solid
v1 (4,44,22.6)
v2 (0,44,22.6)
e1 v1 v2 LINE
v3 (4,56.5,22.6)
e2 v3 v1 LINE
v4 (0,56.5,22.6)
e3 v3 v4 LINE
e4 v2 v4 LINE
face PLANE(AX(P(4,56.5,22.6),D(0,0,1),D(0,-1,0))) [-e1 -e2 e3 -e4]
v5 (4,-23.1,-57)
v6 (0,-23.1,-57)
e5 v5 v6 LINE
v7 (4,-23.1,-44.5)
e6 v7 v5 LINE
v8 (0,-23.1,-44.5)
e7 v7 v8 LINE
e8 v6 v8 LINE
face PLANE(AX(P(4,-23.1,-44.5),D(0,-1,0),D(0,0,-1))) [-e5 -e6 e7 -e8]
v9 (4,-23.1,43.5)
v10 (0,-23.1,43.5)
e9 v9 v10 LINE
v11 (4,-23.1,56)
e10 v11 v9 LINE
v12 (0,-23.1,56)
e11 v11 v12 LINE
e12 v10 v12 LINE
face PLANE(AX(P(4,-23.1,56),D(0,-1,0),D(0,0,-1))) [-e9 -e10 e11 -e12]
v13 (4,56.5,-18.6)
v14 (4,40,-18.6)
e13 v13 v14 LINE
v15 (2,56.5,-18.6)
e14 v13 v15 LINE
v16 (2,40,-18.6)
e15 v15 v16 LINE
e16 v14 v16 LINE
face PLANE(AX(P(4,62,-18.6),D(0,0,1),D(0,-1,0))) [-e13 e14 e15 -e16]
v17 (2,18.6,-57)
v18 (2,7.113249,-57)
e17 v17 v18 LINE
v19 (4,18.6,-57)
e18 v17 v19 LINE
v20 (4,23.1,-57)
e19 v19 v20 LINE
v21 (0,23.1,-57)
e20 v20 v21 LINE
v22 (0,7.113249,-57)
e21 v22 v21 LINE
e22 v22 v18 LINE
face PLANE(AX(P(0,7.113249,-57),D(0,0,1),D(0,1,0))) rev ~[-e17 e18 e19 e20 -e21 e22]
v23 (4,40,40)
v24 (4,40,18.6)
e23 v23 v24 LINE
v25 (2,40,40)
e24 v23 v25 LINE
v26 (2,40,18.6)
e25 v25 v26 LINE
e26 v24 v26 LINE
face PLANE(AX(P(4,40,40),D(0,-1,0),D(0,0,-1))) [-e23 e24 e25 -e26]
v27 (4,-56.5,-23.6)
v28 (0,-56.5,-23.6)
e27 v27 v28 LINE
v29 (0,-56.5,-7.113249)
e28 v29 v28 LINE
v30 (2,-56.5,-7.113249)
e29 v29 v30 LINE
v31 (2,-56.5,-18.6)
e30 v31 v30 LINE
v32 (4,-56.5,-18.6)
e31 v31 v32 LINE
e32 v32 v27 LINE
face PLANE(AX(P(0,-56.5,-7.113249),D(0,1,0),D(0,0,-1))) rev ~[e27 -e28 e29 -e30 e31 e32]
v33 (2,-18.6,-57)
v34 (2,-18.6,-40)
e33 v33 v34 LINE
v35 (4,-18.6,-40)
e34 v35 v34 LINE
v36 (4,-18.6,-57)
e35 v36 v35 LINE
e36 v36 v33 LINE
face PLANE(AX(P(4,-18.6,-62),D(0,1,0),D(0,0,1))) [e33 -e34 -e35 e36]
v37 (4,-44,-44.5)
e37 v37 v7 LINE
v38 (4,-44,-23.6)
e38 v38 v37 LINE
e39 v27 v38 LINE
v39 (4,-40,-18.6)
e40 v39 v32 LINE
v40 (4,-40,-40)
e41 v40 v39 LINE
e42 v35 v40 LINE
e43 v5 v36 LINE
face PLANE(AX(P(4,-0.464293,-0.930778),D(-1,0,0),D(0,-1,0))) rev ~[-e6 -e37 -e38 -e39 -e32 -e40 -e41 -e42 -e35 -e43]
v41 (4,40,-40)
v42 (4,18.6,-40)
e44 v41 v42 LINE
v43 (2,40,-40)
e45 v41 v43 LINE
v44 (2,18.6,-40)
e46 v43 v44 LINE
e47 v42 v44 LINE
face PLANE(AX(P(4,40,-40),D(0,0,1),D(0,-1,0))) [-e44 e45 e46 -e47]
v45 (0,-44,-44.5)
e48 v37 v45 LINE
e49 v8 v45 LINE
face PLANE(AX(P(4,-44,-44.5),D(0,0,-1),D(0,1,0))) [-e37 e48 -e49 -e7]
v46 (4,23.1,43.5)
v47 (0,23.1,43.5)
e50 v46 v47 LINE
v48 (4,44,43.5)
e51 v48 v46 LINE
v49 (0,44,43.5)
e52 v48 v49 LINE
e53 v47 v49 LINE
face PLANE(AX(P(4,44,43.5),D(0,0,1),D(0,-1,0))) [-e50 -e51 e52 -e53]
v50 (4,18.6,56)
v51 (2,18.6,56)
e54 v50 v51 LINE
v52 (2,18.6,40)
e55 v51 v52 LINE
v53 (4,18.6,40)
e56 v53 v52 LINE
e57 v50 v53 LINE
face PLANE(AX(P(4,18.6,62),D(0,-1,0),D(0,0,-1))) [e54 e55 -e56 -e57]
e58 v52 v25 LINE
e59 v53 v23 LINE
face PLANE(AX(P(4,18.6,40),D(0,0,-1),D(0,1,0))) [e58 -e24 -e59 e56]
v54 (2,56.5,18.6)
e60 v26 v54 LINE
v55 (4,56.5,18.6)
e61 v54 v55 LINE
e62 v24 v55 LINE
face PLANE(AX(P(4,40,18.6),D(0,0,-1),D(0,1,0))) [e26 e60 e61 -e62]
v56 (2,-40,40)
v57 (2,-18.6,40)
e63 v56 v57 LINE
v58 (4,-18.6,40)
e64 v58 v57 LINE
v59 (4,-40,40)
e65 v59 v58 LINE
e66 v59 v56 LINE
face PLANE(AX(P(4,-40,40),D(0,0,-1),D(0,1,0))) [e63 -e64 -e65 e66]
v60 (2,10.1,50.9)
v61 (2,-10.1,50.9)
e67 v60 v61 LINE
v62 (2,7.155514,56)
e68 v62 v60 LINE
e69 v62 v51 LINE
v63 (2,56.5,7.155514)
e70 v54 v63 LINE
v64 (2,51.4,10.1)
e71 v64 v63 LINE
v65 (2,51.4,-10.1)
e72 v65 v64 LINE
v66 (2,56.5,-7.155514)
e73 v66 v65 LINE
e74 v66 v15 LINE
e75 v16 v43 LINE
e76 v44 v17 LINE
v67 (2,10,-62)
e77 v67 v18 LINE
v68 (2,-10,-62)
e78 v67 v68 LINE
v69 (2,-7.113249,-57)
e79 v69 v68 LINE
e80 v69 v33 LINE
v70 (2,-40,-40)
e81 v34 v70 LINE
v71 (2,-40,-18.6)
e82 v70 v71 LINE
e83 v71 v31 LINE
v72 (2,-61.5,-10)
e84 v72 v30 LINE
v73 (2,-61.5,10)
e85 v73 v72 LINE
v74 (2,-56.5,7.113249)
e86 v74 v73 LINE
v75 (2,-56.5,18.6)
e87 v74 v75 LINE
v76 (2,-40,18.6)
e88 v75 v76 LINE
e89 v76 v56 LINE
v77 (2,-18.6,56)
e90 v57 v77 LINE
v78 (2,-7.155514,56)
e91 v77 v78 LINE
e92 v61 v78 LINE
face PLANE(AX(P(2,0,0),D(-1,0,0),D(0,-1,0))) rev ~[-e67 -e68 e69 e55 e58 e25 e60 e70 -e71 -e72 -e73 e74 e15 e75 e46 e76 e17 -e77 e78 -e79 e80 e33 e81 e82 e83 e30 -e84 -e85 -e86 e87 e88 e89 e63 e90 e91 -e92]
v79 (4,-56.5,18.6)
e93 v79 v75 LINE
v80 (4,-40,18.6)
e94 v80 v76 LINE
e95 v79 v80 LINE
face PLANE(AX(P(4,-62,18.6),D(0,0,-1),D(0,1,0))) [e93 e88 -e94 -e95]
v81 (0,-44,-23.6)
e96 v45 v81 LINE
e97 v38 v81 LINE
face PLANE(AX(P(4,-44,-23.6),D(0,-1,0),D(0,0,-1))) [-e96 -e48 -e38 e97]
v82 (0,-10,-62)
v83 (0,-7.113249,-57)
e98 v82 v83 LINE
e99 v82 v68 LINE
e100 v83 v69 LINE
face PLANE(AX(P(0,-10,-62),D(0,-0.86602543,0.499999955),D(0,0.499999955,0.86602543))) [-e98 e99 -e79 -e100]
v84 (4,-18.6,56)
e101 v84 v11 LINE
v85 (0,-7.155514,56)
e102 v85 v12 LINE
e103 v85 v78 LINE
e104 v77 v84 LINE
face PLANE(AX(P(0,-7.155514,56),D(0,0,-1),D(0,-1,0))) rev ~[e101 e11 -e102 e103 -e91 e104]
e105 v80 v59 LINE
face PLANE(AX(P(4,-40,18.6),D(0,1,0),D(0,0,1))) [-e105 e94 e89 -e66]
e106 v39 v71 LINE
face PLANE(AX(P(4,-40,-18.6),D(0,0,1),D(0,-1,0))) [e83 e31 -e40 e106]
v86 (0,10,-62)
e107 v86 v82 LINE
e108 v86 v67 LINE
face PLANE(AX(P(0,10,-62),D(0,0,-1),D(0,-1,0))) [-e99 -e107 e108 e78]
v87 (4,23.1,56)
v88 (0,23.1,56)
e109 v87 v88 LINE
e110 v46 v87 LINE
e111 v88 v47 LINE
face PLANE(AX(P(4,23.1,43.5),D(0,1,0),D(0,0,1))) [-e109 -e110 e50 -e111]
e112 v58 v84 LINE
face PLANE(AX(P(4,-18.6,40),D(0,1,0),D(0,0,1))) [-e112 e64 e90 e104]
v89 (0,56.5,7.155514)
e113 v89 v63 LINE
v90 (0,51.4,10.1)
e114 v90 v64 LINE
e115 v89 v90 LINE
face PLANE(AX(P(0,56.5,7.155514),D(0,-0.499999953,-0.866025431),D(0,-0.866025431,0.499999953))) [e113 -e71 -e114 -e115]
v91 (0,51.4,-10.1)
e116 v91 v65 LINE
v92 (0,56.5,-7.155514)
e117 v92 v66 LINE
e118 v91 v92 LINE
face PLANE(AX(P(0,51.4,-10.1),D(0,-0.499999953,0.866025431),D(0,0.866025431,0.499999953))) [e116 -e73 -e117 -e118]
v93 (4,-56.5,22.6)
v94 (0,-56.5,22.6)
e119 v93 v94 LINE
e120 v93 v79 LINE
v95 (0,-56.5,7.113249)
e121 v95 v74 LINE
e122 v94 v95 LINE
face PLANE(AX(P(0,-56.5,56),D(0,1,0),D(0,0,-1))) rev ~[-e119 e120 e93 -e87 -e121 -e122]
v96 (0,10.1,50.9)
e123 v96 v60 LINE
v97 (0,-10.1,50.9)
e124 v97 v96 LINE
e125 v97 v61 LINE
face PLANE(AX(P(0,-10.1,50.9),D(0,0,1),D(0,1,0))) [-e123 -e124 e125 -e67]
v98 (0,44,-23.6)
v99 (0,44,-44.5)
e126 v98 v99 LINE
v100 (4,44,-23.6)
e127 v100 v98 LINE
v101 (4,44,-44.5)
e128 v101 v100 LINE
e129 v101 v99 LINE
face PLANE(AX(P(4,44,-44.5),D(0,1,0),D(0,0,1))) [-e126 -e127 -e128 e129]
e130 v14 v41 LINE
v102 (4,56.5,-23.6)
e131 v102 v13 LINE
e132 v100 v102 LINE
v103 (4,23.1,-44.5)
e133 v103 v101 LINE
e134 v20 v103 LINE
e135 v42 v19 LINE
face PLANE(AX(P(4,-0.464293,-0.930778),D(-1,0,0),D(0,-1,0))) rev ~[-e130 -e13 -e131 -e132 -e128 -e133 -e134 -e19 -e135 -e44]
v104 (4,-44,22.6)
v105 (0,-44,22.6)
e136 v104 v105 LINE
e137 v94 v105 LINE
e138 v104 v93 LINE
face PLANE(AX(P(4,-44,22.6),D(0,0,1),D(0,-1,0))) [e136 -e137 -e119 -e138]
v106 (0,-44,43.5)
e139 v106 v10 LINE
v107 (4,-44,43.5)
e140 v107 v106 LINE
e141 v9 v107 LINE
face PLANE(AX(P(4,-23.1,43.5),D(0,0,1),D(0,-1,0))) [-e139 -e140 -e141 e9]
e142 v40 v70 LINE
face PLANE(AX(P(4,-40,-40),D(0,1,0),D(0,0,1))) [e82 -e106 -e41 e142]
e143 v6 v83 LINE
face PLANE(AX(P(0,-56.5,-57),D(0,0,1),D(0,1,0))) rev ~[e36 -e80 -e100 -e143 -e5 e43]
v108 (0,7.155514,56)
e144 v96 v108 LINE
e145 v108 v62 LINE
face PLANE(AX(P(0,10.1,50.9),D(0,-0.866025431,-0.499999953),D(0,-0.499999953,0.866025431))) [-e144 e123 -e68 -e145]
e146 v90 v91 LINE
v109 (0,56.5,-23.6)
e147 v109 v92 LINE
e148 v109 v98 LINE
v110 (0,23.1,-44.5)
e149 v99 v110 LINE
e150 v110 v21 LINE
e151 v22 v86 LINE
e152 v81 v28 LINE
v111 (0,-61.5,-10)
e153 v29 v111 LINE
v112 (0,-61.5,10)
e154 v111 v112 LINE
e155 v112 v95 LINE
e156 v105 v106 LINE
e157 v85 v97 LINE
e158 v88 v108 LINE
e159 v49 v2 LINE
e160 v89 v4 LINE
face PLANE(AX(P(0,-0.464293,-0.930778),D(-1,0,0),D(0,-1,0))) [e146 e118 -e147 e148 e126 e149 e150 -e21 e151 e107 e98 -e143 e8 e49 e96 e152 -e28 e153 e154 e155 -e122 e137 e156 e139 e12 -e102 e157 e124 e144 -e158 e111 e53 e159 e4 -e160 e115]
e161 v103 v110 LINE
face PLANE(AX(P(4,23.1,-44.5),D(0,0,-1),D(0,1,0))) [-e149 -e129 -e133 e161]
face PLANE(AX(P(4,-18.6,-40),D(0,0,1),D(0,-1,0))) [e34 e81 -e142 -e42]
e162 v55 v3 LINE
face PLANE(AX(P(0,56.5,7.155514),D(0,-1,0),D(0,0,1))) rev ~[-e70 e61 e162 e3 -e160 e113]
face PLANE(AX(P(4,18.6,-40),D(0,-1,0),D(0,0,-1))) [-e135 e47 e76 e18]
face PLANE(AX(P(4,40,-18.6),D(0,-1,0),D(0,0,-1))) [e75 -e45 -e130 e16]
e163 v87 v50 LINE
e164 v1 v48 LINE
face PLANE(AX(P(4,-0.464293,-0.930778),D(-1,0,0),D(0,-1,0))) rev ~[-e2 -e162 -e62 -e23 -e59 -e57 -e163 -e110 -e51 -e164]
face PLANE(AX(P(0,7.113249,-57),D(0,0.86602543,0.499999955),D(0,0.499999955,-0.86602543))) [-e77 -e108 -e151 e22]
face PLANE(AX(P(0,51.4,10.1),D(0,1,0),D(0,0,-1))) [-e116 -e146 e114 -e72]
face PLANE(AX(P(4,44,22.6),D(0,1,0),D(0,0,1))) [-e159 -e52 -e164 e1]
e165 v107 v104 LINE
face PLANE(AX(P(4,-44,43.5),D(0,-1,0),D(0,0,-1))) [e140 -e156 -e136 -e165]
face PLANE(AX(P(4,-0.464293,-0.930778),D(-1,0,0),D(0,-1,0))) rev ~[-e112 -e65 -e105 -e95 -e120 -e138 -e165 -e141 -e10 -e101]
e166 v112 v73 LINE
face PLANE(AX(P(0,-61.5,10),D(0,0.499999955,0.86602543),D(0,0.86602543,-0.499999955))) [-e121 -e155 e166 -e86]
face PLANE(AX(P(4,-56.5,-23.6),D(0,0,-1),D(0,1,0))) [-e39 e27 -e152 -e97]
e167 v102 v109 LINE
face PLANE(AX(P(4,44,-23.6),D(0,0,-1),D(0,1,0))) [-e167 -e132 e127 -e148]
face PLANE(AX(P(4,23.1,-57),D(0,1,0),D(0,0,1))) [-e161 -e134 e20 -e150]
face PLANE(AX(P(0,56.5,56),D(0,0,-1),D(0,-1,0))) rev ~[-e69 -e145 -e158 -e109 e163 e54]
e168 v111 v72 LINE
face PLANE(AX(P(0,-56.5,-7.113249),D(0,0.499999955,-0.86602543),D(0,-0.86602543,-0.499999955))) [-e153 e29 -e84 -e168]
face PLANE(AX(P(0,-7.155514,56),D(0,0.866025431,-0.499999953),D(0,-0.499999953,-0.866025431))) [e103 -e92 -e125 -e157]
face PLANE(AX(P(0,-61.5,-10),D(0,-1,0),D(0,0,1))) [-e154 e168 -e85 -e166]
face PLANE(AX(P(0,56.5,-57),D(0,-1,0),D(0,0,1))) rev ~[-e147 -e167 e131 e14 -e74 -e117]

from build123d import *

# Parameters (mm, degrees)
PAD_DEPTH       = 4
POCKET_DEPTH    = 2
POCKET001_DEPTH = 5


with BuildPart() as part:
    # Sketch001 → Pad (new body)
    with BuildSketch(Plane.YZ):
        Polygon((56.5, 56), (56.5, 39), (56.5, 7.155514), (51.4, 10.1), (51.4, -10.1), (56.5, -7.155514), (56.5, -40), (56.5, -57), (39.5, -57), (7.113249, -57), (10, -62), (-10, -62), (-7.113249, -57), (-39.5, -57), (-56.5, -57), (-56.5, -40), (-56.5, -7.113249), (-61.5, -10), (-61.5, 10), (-56.5, 7.113249), (-56.5, 39), (-56.5, 56), (-39.5, 56), (-7.155514, 56), (-10.1, 50.9), (10.1, 50.9), (7.155514, 56), (39.5, 56), align=None)
    extrude(amount=PAD_DEPTH)

    # Sketch → Pocket (cut)
    with BuildSketch(Plane.YZ.offset(4)):
        Polygon((-40, 40), (-18.6, 40), (-18.6, 62), (18.6, 62), (18.6, 40), (40, 40), (40, 18.6), (62, 18.6), (62, -18.6), (40, -18.6), (40, -40), (18.6, -40), (18.6, -62), (-18.6, -62), (-18.6, -40), (-40, -40), (-40, -18.6), (-62, -18.6), (-62, 18.6), (-40, 18.6), align=None)
    extrude(amount=-POCKET_DEPTH, mode=Mode.SUBTRACT)

    # Sketch002 → Pocket001 (cut)
    with BuildSketch(Plane.YZ.offset(4)):
        Polygon((-44, 43.5), (-44, 22.6), (-56.5, 22.6), (-56.5, 56), (-23.1, 56), (-23.1, 43.5), align=None)
        Polygon((23.1, 43.5), (23.1, 56), (56.5, 56), (56.5, 22.6), (44, 22.6), (44, 43.5), align=None)
        Polygon((-56.5, -23.6), (-44, -23.6), (-44, -44.5), (-23.1, -44.5), (-23.1, -57), (-56.5, -57), align=None)
        Polygon((23.1, -44.5), (44, -44.5), (44, -23.6), (56.5, -23.6), (56.5, -57), (23.1, -57), align=None)
    extrude(amount=-POCKET001_DEPTH, mode=Mode.SUBTRACT)


solid = part.part
